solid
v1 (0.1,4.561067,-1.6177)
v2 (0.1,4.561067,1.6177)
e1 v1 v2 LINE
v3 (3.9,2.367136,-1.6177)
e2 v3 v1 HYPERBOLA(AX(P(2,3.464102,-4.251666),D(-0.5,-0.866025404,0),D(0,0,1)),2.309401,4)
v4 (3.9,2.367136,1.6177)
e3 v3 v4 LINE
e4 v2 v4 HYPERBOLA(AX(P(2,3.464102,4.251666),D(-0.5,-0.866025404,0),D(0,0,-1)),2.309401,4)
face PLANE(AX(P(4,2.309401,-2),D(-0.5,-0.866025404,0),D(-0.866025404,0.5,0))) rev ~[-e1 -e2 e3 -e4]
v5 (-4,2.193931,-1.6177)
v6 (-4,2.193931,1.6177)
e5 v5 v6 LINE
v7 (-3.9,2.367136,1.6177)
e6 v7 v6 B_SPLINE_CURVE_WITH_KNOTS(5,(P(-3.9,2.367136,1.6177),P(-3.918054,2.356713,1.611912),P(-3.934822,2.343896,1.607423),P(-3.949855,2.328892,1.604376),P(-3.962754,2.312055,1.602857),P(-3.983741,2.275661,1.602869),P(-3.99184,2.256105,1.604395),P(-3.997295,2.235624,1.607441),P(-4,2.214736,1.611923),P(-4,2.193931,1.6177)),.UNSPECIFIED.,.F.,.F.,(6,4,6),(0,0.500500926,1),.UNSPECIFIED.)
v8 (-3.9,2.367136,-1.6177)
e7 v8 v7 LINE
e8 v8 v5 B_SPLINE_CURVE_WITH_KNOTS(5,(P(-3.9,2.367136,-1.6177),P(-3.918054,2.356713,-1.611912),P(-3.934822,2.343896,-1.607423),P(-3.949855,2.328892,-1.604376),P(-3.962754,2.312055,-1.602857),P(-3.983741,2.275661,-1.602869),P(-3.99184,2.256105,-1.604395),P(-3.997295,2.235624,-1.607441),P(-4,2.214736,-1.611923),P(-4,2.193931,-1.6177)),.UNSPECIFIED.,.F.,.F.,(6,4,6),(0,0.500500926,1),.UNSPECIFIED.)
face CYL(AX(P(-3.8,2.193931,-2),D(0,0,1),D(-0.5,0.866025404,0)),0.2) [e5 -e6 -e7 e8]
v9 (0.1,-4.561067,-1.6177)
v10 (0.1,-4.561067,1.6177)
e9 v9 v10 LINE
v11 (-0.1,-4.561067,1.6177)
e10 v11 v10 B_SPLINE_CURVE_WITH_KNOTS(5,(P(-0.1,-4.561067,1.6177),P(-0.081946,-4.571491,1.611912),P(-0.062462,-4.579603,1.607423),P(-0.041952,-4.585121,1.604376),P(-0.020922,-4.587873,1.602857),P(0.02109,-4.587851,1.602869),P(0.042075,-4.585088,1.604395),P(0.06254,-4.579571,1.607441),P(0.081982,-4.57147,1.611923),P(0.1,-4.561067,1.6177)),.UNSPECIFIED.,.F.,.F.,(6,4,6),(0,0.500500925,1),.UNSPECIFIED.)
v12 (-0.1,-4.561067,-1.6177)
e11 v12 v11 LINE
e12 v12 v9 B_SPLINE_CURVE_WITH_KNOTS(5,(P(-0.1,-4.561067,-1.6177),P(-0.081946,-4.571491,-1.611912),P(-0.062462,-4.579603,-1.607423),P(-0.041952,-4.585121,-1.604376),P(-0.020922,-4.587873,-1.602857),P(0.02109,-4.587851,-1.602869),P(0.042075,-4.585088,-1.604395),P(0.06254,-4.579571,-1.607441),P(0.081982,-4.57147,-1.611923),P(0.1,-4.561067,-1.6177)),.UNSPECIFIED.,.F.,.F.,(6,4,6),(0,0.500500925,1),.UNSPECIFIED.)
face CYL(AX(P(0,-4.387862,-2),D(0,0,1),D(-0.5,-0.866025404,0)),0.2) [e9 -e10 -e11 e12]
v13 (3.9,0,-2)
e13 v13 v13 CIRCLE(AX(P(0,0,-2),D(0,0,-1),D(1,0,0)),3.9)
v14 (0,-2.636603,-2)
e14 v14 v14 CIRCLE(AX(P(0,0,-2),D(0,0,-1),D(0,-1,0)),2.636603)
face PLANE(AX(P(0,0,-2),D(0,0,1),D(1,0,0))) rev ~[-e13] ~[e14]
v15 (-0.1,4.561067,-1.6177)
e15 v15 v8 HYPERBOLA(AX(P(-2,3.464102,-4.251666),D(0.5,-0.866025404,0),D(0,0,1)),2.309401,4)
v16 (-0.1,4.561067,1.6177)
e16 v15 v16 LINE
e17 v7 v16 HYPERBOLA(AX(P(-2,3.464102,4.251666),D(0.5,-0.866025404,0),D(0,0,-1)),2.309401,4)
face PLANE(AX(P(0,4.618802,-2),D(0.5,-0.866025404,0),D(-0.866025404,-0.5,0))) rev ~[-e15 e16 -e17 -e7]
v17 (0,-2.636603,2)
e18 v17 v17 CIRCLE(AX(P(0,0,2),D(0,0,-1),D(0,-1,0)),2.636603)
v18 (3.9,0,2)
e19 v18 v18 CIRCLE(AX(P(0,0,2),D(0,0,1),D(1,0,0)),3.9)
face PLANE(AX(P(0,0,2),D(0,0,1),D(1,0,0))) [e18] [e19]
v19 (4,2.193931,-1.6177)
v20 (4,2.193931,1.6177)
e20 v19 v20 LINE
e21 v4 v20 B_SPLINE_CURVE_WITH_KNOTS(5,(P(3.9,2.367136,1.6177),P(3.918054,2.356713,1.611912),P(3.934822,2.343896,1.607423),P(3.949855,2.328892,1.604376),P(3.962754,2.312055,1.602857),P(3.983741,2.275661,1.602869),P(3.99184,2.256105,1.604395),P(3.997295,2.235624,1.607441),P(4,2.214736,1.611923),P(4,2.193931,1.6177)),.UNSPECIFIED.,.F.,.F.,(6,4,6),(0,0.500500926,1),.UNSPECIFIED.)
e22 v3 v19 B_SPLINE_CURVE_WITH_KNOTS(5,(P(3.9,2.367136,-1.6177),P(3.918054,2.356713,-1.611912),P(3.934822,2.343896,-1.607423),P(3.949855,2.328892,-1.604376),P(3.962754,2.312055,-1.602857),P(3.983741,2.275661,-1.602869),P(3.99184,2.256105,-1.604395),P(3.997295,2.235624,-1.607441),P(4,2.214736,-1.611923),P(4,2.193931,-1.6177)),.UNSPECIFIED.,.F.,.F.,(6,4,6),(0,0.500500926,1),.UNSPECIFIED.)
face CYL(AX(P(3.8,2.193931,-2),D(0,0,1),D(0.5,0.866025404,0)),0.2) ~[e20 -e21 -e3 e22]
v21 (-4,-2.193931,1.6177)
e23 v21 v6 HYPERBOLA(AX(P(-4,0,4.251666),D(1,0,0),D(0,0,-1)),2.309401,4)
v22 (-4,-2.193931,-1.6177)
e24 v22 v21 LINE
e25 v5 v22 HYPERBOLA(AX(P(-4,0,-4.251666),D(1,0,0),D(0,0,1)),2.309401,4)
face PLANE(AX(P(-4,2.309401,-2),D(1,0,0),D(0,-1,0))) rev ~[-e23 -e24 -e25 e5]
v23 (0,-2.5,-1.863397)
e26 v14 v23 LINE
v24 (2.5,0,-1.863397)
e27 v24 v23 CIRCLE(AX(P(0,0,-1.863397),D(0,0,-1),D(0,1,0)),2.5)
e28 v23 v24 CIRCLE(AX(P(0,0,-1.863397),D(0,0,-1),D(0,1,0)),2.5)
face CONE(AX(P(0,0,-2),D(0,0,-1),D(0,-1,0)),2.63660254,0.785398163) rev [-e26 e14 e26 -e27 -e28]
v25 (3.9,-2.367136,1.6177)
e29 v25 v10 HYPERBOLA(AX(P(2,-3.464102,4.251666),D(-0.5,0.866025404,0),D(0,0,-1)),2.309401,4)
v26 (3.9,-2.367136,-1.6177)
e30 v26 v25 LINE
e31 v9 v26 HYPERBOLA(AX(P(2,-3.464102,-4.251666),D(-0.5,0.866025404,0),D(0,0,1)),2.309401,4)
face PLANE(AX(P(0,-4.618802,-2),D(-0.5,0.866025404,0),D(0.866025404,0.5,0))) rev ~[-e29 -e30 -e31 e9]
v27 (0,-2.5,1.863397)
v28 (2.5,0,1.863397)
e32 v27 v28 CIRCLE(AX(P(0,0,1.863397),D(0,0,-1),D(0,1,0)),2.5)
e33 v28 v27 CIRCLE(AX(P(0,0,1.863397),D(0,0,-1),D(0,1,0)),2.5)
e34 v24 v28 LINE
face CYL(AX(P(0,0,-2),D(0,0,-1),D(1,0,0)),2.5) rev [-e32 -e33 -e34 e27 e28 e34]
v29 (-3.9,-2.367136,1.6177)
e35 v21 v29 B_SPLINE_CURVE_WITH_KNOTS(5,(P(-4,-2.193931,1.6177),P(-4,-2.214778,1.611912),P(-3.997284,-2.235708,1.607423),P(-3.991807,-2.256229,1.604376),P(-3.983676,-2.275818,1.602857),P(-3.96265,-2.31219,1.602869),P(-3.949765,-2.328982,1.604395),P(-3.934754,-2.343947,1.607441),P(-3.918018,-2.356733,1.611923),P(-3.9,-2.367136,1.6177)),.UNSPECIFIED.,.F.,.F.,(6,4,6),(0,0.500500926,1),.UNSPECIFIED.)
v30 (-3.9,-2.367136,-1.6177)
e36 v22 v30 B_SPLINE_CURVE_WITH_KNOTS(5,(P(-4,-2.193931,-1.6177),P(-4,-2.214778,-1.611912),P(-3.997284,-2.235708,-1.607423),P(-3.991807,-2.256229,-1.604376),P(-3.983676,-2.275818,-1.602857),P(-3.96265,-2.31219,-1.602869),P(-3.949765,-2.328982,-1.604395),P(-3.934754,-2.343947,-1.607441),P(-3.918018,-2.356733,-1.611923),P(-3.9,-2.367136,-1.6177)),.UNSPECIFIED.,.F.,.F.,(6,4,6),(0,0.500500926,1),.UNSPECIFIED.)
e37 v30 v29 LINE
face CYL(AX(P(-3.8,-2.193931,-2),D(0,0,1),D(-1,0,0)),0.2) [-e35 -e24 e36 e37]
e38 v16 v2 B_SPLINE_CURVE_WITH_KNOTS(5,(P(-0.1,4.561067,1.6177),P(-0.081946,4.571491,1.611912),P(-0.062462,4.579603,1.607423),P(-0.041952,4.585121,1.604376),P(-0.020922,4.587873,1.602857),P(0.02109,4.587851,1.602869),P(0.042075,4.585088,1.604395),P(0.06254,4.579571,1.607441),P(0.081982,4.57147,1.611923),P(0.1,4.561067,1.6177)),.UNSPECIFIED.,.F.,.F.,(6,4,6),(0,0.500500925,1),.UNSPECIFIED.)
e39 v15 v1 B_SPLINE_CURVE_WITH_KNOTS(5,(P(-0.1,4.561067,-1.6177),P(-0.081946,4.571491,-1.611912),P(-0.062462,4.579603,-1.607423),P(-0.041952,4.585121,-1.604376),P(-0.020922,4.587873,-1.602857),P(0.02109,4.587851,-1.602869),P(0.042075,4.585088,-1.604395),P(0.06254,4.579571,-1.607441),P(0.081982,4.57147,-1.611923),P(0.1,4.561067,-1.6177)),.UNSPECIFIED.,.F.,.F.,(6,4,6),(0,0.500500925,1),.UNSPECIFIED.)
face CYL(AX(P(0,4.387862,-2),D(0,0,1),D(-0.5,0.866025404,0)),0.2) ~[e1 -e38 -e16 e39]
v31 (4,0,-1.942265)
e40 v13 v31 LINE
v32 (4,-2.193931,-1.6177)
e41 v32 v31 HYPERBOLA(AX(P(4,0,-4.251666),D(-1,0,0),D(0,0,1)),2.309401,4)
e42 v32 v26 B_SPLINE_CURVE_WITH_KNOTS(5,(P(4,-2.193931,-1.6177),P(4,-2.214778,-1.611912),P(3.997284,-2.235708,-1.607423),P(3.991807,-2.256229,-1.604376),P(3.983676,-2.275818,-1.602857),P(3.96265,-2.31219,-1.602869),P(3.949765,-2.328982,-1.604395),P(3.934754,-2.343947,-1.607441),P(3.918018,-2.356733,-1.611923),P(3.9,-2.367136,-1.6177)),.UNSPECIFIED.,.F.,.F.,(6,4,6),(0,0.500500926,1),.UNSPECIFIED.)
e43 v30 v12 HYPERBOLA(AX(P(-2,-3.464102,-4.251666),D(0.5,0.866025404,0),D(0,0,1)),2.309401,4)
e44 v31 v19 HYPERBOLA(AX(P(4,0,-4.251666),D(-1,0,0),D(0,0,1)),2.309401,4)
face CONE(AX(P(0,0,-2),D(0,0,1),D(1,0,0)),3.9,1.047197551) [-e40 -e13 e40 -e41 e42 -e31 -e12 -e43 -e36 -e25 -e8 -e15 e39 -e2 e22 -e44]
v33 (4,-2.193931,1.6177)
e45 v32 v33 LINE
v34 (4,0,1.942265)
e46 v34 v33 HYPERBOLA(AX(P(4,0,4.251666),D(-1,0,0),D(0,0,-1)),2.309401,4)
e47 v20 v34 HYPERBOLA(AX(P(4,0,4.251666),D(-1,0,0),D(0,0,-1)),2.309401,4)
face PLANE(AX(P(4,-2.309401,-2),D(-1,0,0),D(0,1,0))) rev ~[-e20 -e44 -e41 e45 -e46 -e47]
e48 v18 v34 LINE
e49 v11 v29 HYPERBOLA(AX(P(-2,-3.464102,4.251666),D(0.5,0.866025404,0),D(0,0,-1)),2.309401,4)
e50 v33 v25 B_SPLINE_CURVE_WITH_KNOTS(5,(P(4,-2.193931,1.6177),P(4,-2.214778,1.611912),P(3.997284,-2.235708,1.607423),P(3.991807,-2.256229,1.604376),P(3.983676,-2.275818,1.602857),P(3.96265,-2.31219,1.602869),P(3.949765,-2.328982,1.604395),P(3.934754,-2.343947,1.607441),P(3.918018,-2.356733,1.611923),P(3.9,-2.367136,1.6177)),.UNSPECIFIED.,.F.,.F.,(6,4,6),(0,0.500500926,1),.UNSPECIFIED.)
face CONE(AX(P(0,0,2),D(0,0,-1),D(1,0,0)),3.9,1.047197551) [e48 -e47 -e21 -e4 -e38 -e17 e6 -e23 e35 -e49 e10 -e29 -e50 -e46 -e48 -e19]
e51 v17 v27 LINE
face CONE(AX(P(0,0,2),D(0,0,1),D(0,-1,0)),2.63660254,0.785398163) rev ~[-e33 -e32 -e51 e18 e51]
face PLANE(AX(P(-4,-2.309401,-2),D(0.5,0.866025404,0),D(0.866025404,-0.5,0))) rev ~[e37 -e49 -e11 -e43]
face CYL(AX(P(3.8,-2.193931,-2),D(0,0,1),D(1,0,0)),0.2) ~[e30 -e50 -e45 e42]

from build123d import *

# Parameters (mm, degrees)
BOSS_EXTRUDE1_DEPTH      = 2
BOSS_EXTRUDE1_DEPTH_BACK = 2
SKETCH2_R                = 2.5
SKETCH3_OUTSIDE_W        = 41.334
SKETCH3_OUTSIDE_H        = 42.572
SKETCH3_OUTSIDE_R        = 3.9
CUT_EXTRUDE1_DEPTH       = 8.302967433
CUT_EXTRUDE1_DRAFT       = -60
FILLET1_R                = 0.2
MIRROR1_COPY_1_SKETCH_W  = 41.334
MIRROR1_COPY_1_SKETCH_H  = 42.572
MIRROR1_COPY_1_SKETCH_R  = 3.9
MIRROR1_COPY_1_DEPTH     = 8.302967433
MIRROR1_COPY_1_DRAFT     = -60


with BuildPart() as part:
    # Sketch2 → Boss-Extrude1 (new, two sides: drawn at the far end of the back side and taken through both)
    with BuildSketch(Plane.XY.offset(-BOSS_EXTRUDE1_DEPTH_BACK)):
        Polygon((0, 4.618802154), (-4, 2.309401077), (-4, -2.309401077), (0, -4.618802154), (4, -2.309401077), (4, 2.309401077), align=None)
        Circle(SKETCH2_R, mode=Mode.SUBTRACT)
    extrude(amount=BOSS_EXTRUDE1_DEPTH + BOSS_EXTRUDE1_DEPTH_BACK)


with BuildPart() as cut_extrude1_tool:
    # Sketch3 outside → Cut-Extrude1 (with draft: the straight prism first)
    with BuildSketch(Plane.XY.offset(2)):
        Rectangle(SKETCH3_OUTSIDE_W, SKETCH3_OUTSIDE_H)
        Circle(SKETCH3_OUTSIDE_R, mode=Mode.SUBTRACT)
    extrude(amount=-CUT_EXTRUDE1_DEPTH)
    # Cut-Extrude1: the draft: its side faces are tilted about the plane it starts from
    cut_extrude1_sides = [cut_extrude1_tool.faces().sort_by_distance(p)[0] for p in [
        (0, -21.286, -2.151483717),
        (20.667, 0, -2.151483717),
        (0, 21.286, -2.151483717),
        (-20.667, 0, -2.151483717),
        (-3.9, 0, -2.151483717),
    ]]
    draft(cut_extrude1_sides, Plane.XY.offset(2), CUT_EXTRUDE1_DRAFT)


with BuildPart() as part_1:
    add(part.part)

    # Cut-Extrude1: cut by cut_extrude1_tool
    add(cut_extrude1_tool.part, mode=Mode.SUBTRACT)

    # Fillet1
    fillet1_edges = [part_1.edges().sort_by_distance(p)[0] for p in [
        (4, -2.309401077, -0.207500308),
        (0, -4.618802154, -0.207500308),
        (-4, -2.309401077, -0.207500308),
        (-4, 2.309401077, -0.207500308),
        (4, 2.309401077, -0.207500308),
        (0, 4.618802154, -0.207500308),
    ]]
    fillet(fillet1_edges, radius=FILLET1_R)

    # Cut-Extrude4 cone 1 section (through the dimple's axis) → Cut-Extrude4 (revolve, cut)
    with BuildSketch(Plane(origin=(0, 0, 2), x_dir=(0, -1, 0), z_dir=(1, 0, 0))):
        Polygon((0, 0), (2.63660254, 0), (0, 2.63660254), align=None)
    cut_extrude4 = revolve(axis=Axis((0, 0, 2), (0, 0, -1)), mode=Mode.SUBTRACT)

    # Mirror1: Cut-Extrude4 across plane
    add(cut_extrude4.mirror(Plane.XY), mode=Mode.SUBTRACT)


with BuildPart() as mirror1_copy_1_tool:
    # Mirror1 copy 1 sketch → Mirror1 copy 1 (with draft: the straight prism first)
    with BuildSketch(Plane(origin=(0, 0, -2), x_dir=(1, 0, 0), z_dir=(0, 0, -1))):
        Rectangle(MIRROR1_COPY_1_SKETCH_W, MIRROR1_COPY_1_SKETCH_H)
        Circle(MIRROR1_COPY_1_SKETCH_R, mode=Mode.SUBTRACT)
    extrude(amount=-MIRROR1_COPY_1_DEPTH)
    # Mirror1 copy 1: the draft: its side faces are tilted about the plane it starts from
    mirror1_copy_1_sides = [mirror1_copy_1_tool.faces().sort_by_distance(p)[0] for p in [
        (0, -21.286, 2.151483717),
        (20.667, 0, 2.151483717),
        (0, 21.286, 2.151483717),
        (-20.667, 0, 2.151483717),
        (-3.9, 0, 2.151483717),
    ]]
    draft(mirror1_copy_1_sides, Plane(origin=(0, 0, -2), x_dir=(1, 0, 0), z_dir=(0, 0, -1)), MIRROR1_COPY_1_DRAFT)


with BuildPart() as part_2:
    add(part_1.part)

    # Mirror1 copy 1: cut by mirror1_copy_1_tool
    add(mirror1_copy_1_tool.part, mode=Mode.SUBTRACT)


solid = part_2.part
